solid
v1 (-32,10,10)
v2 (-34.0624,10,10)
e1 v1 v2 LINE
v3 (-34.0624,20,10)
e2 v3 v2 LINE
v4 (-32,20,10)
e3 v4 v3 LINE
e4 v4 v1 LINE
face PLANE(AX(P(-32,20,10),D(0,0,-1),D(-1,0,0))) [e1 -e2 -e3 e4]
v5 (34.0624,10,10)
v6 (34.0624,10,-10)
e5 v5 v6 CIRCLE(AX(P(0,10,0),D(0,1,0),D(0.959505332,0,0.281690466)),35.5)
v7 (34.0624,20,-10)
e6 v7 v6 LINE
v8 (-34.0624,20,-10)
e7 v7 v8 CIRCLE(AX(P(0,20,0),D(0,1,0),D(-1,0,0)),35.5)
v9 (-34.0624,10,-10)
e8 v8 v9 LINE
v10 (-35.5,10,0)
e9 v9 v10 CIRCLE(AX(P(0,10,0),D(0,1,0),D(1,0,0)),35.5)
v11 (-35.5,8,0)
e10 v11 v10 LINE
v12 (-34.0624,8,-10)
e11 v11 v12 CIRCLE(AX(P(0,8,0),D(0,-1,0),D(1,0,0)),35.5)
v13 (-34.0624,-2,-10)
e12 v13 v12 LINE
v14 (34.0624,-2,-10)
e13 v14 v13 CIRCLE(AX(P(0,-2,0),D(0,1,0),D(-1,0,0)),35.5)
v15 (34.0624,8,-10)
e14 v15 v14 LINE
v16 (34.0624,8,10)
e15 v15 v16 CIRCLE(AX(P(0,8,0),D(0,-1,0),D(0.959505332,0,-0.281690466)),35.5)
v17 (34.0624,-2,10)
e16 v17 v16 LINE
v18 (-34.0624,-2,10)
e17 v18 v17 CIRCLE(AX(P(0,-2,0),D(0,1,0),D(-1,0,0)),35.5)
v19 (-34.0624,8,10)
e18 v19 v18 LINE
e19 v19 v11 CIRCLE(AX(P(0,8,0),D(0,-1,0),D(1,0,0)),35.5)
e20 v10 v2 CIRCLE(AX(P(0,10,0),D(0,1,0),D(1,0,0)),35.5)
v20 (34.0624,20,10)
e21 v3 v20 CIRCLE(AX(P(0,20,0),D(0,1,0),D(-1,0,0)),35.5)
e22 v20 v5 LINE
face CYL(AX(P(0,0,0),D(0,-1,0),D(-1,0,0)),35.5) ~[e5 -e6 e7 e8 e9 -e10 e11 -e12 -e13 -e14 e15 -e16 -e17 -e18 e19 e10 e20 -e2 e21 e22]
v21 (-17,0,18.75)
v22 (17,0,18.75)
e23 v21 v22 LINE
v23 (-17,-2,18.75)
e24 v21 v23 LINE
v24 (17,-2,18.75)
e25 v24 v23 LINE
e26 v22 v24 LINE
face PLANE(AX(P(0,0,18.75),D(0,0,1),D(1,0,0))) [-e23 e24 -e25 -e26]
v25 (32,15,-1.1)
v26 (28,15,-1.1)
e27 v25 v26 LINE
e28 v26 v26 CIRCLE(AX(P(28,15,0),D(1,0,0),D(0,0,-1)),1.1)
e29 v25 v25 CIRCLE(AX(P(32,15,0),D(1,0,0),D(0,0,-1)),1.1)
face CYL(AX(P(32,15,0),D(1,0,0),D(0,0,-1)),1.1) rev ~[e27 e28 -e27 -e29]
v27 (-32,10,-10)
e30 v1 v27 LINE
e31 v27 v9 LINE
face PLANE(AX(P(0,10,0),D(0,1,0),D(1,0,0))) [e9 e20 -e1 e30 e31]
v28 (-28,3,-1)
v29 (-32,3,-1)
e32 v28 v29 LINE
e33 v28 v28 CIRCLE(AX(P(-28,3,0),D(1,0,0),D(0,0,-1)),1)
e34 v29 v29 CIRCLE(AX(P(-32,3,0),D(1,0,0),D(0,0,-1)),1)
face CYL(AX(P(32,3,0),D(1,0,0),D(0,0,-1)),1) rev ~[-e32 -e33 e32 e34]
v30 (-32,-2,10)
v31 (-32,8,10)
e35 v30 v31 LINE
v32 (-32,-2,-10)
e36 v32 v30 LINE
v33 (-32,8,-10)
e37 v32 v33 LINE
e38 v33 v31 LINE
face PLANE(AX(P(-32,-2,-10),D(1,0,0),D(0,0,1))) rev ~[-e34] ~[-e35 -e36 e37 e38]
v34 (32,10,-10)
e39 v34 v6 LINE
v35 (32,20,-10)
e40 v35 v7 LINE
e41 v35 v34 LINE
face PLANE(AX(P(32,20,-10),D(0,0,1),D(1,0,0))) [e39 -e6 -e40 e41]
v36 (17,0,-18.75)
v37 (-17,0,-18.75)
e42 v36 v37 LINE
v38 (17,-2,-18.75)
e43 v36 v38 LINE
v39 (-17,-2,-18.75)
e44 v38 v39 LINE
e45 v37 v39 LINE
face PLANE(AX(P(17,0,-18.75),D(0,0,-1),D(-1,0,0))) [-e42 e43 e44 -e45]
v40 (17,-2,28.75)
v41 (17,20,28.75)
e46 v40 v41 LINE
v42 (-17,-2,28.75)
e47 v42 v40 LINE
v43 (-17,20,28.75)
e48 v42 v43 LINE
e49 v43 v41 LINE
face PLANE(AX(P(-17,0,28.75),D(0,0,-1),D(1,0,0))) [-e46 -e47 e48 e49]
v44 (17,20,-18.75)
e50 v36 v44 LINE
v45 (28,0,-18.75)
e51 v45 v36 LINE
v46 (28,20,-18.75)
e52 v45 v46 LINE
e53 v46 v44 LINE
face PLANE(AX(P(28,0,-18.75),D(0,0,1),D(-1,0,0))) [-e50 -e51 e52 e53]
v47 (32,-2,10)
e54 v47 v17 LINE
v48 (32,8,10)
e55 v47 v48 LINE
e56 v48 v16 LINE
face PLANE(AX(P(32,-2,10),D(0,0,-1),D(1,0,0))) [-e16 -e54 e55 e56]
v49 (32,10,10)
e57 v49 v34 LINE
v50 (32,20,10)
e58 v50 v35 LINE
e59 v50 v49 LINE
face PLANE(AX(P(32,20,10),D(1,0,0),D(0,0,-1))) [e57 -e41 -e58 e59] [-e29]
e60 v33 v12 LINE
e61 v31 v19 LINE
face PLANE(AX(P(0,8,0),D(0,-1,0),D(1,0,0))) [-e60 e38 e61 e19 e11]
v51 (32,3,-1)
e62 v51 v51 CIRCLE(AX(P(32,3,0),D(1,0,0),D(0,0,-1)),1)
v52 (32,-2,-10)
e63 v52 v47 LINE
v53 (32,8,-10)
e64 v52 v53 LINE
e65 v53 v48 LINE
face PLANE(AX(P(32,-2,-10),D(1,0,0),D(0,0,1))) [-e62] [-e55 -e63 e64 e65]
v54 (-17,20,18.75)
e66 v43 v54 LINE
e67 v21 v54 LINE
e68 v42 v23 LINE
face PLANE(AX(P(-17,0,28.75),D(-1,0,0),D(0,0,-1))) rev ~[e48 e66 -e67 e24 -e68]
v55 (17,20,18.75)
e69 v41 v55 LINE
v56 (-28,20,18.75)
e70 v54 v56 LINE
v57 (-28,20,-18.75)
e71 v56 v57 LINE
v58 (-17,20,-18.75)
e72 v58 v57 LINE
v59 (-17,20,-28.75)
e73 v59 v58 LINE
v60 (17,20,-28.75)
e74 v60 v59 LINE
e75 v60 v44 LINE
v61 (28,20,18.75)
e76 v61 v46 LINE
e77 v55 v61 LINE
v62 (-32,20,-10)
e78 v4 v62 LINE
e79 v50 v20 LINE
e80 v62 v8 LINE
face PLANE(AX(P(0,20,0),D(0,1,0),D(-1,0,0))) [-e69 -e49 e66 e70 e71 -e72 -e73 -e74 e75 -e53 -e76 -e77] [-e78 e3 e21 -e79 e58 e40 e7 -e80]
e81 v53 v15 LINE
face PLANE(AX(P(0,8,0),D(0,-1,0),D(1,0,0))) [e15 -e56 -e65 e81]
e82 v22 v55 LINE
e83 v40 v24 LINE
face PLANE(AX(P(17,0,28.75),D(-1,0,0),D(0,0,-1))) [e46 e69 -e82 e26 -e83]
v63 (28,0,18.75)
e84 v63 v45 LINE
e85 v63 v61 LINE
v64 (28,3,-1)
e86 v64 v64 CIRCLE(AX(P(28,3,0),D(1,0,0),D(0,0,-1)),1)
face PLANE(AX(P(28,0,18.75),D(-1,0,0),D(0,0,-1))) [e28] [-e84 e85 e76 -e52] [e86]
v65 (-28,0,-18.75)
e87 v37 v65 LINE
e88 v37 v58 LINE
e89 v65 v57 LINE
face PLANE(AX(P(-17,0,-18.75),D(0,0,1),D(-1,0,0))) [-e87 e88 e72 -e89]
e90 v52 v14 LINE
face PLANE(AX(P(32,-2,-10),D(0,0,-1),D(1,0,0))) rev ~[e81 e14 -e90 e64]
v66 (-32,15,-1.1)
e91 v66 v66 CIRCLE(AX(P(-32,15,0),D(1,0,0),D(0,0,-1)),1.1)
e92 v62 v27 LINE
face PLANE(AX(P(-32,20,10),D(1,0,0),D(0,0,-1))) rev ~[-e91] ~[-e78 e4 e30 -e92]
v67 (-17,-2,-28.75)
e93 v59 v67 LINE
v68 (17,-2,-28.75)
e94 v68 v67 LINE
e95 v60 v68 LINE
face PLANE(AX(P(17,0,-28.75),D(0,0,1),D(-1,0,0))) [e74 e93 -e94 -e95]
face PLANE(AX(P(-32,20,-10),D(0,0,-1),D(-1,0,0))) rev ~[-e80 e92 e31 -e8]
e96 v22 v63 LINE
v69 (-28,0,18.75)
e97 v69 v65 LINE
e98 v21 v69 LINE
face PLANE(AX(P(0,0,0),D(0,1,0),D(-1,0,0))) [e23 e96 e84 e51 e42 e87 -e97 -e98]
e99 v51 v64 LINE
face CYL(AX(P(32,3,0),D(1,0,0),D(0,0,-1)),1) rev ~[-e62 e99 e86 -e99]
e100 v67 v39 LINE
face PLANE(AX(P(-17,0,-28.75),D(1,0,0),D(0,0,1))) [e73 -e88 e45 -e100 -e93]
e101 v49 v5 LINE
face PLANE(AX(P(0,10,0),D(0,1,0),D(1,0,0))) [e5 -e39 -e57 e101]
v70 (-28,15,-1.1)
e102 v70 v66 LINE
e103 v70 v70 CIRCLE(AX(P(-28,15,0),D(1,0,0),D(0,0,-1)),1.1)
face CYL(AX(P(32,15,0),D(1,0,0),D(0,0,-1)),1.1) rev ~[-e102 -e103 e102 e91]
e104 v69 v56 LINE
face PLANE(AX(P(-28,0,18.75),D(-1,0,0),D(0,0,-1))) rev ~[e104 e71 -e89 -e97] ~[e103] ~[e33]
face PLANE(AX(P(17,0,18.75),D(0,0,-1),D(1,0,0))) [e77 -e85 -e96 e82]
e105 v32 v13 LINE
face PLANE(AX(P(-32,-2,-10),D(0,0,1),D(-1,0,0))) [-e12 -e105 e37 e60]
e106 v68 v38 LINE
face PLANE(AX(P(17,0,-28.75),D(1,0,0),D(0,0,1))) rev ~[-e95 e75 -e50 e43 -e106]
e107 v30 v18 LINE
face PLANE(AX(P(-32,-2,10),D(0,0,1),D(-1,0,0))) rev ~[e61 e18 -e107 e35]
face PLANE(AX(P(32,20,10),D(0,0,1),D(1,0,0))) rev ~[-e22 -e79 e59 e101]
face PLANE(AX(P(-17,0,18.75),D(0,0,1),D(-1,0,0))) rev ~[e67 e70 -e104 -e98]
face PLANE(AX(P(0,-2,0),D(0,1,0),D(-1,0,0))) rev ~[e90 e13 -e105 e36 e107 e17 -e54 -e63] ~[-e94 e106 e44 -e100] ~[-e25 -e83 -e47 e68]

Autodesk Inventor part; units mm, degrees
ref_plane "YZ Plane" through (0, 0, 0) normal (1, 0, 0) x (0, 1, 0)
ref_plane "XZ Plane" through (0, 0, 0) normal (0, 1, 0) x (-1, 0, 0)
ref_plane "XY Plane" through (0, 0, 0) normal (0, 0, 1) x (1, 0, 0)
sketch "Szkic1" plane through (0, 0, 0) normal (0, 1, 0) x (-1, 0, 0)
  circle A0 centre (0, 0) radius 35.5
  line L0 (0, 18.75) -> (0, -18.75) construction
  line L1 (-28, 0) -> (28, 0) construction
  line L2 (-28, -18.75) -> (28, -18.75)
  line L3 (-28, 18.75) -> (-28, -18.75)
  line L4 (28, 18.75) -> (28, -18.75)
  line L5 (0, 18.75) -> (28, 18.75)
  line L6 (0, 18.75) -> (-28, 18.75)
  line L7 (0, 18.75) -> (0, 28.75) construction
  line L8 (17, 28.75) -> (-17, 28.75)
  line L9 (17, 28.75) -> (17, 18.75)
  line L10 (-17, 28.75) -> (-17, 18.75)
  line L11 (0, -18.75) -> (0, -28.75) construction
  line L12 (-17, -28.75) -> (17, -28.75)
  line L13 (17, -28.75) -> (17, -18.75)
  line L14 (-17, -28.75) -> (-17, -18.75)
  dimension "d0" = 71
  dimension "d1" = 37.5
  dimension "d2" = 56
  dimension "d4" = 10
  dimension "d5" = 34
  dimension "d16" = 10
  dimension "d17" = 34
extrude "Wyciągnięcie proste1" add sketch "Szkic1" along normal blind 20
extrude "Wyciągnięcie proste2" add sketch "Szkic1" against normal blind 2 contours A0 | L3 L6 L5 L4 L2
sketch "Szkic2" plane through (0, 20, 0) normal (0, 1, 0) x (1, 0, 0)
  line L0 (32, 0) -> (-32, 0) construction
  circle A0 centre (0, 0) radius 35.5
  line L1 (-32, -10) -> (-32, 10)
  line L2 (32, -10) -> (32, 10)
  line L3 (32, -10) -> (34.0624, -10)
  line L4 (32, 10) -> (34.0624, 10)
  line L5 (-32, -10) -> (-34.0624, -10)
  line L6 (-32, 10) -> (-34.0624, 10)
  dimension "d10" = 64
  dimension "d11" = 71
  dimension "d12" = 20
  dimension "d13" = 20
extrude "Wyciągnięcie proste3" cut sketch "Szkic2" against normal blind 10 contours A0 L3 L2 L4 | L6 L1 L5 A0
sketch "Szkic3" plane through (32, 20, 10) normal (1, 0, 0) x (0, 0, -1)
  line L0 (0, 0) -> (10, 0) construction
  line L1 (10, 0) -> (10, -5) construction
  circle A0 centre (10, -5) radius 1.1
  point P0 (10, -20)
  dimension "d18" = 10
  dimension "d19" = 20
  dimension "d20" = 20
  dimension "d21" = 5
  dimension "d22" = 2.2
extrude "Wyciągnięcie proste4" cut sketch "Szkic3" against normal through all
sketch "Szkic7" plane through (0, -2, 0) normal (0, -1, 0) x (1, 0, 0)
  line L0 (32, 0) -> (-32, 0) construction
  circle A0 centre (0, 0) radius 35.5
  line L1 (-32, -10) -> (-32, 10)
  line L2 (32, -10) -> (32, 10)
  line L3 (32, -10) -> (34.0624, -10)
  line L4 (32, 10) -> (34.0624, 10)
  line L5 (-32, -10) -> (-34.0624, -10)
  line L6 (-32, 10) -> (-34.0624, 10)
  dimension "d48" = 64
  dimension "d49" = 71
  dimension "d50" = 20
  dimension "d51" = 20
extrude "Wyciągnięcie proste8" cut sketch "Szkic7" against normal blind 10 contours A0 L3 L2 L4 | L6 L1 L5 A0
sketch "Szkic8" plane through (32, -2, 10) normal (1, 0, 0) x (0, 0, -1)
  line L0 (10, 2) -> (10, 5) construction
  circle A0 centre (10, 5) radius 1
  dimension "d54" = 3
  dimension "d55" = 2
extrude "Wyciągnięcie proste9" cut sketch "Szkic8" against normal through all
properties part number "002-002"
